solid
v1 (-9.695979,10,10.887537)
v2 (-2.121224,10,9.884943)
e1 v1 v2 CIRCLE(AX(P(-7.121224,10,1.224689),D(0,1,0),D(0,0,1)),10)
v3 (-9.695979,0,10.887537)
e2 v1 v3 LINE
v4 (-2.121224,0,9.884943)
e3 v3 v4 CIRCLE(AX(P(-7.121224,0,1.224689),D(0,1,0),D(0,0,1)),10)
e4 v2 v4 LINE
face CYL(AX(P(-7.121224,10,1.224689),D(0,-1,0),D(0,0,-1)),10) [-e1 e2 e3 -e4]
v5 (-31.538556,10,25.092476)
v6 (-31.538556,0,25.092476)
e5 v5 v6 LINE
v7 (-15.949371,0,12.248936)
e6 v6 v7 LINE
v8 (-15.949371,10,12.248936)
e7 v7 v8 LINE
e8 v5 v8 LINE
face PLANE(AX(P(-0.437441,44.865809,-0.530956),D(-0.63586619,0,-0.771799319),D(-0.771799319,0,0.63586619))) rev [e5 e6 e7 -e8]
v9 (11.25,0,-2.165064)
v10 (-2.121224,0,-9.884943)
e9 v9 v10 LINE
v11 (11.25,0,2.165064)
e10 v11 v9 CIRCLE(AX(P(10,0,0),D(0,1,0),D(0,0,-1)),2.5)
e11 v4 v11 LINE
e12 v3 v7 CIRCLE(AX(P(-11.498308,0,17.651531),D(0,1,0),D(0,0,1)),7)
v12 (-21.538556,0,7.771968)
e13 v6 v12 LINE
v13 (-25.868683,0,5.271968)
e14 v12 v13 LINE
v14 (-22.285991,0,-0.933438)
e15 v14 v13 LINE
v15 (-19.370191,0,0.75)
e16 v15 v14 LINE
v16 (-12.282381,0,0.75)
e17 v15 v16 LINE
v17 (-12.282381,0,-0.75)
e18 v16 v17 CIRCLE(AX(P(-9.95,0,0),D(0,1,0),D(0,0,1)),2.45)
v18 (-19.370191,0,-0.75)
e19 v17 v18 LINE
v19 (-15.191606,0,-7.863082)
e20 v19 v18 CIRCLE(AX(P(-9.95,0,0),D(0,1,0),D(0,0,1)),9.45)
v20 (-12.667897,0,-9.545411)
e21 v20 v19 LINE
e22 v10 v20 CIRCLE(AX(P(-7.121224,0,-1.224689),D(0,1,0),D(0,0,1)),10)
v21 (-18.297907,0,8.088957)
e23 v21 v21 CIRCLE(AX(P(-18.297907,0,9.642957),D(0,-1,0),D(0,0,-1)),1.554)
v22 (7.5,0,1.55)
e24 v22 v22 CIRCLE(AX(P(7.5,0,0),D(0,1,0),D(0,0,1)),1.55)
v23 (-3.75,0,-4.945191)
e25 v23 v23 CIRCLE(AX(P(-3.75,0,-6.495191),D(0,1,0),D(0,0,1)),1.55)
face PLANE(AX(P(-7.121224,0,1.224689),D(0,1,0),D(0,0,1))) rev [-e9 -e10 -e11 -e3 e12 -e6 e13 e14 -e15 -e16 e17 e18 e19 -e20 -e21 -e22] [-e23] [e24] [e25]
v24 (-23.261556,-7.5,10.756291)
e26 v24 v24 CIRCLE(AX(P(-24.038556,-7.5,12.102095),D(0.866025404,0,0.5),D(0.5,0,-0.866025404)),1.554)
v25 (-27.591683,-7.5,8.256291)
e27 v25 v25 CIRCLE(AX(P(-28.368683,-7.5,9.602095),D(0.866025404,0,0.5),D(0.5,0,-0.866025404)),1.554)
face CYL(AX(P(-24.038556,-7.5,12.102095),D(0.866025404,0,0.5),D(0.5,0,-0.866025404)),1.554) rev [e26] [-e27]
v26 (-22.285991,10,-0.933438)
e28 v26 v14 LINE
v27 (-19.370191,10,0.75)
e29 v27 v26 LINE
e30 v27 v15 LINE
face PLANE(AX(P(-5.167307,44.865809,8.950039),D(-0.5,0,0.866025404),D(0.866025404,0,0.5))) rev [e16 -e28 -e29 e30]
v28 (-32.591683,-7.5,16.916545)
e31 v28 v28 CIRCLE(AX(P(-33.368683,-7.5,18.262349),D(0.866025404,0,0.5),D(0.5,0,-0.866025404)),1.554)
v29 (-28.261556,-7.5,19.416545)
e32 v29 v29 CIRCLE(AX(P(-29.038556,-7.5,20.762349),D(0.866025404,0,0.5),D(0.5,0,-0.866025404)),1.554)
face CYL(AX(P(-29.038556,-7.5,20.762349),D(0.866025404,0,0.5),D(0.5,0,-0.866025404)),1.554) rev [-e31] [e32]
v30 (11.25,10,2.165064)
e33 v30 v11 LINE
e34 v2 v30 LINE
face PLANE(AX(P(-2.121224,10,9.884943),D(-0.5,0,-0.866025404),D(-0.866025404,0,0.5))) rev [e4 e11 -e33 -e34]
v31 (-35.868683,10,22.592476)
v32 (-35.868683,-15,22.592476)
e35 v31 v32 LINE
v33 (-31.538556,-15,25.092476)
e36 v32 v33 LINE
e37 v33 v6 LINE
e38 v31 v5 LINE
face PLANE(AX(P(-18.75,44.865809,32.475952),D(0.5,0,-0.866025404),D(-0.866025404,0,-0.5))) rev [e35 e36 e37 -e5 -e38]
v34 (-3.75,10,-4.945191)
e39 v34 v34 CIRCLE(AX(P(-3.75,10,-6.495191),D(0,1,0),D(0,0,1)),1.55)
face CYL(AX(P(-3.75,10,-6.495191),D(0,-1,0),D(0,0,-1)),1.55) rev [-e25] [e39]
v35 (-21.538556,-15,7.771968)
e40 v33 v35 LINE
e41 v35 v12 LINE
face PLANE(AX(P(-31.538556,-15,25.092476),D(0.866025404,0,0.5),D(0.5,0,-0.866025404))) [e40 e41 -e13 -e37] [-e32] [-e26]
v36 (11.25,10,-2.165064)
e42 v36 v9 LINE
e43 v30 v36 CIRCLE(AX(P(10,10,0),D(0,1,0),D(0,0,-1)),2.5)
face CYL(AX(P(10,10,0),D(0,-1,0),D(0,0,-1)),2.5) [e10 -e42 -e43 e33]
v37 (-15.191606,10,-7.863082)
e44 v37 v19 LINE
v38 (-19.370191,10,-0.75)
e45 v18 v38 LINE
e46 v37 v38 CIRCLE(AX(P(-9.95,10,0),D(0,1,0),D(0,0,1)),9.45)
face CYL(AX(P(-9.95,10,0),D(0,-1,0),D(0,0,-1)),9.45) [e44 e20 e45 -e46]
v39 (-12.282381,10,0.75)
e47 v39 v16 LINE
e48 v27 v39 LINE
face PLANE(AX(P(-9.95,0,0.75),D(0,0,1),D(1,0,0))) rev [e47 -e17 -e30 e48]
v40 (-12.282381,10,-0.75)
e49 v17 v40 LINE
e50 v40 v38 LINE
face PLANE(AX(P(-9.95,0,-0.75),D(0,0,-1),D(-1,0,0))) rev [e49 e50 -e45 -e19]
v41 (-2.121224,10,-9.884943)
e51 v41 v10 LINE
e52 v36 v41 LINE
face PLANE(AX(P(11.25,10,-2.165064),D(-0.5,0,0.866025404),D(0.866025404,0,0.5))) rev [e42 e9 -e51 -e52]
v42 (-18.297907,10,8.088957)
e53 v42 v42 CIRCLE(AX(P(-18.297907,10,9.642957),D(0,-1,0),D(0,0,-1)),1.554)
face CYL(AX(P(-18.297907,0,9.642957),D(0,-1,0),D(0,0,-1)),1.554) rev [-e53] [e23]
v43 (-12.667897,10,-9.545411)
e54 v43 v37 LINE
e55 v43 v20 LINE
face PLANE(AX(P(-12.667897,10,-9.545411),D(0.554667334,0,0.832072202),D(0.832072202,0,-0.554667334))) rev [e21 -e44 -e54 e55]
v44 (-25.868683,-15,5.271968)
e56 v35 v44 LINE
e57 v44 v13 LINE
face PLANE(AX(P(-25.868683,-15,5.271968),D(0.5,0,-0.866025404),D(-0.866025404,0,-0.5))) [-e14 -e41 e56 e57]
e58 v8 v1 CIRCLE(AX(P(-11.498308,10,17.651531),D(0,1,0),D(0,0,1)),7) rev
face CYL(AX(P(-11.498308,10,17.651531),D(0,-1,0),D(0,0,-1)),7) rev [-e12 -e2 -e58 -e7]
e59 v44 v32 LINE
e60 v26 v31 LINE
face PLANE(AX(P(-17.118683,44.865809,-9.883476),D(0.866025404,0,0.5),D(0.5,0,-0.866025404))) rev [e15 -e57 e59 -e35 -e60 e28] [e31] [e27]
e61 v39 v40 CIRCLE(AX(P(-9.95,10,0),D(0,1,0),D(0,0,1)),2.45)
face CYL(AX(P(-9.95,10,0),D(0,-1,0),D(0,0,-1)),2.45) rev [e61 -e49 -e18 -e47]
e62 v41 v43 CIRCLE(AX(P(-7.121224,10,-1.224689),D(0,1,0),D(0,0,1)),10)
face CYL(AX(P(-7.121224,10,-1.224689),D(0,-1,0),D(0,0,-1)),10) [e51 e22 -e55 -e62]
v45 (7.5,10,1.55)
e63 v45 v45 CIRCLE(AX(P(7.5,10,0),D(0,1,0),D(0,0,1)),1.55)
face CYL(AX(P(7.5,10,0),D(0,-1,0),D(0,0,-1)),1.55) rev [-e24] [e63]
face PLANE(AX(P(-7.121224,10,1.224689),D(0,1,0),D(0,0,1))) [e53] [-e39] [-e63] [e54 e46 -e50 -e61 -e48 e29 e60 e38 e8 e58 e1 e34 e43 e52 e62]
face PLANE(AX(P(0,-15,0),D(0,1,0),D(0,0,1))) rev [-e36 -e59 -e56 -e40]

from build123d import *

# Parameters (mm, degrees)
SKETCH1_R                       = 1.55
SKETCH1_R_2                     = 2.45
BOSS_EXTRUDE1_DEPTH             = 10
SKETCH2_W                       = 9.45
SKETCH2_H                       = 1.5
CUT_EXTRUDE1_DEPTH              = 25.542893997
BOSS_EXTRUDE3_DEPTH             = 10
BOSS_EXTRUDE4_DEPTH             = 15
F_3_0MM_CLEARANCE_DOWEL_HOLE2_D = 3.108
F_3_0MM_CLEARANCE_DOWEL_HOLE3_D = 3.108
FILLET2_R                       = 7


with BuildPart() as part:
    # Sketch1 → Boss-Extrude1 (new body)
    with BuildSketch(Plane(origin=(0, 0, 0), x_dir=(1, 0, 0), z_dir=(0, 1, 0))):
        with BuildLine():
            Line((11.25, 2.165063509), (-2.121223771, 9.884943153))
            ThreePointArc((-2.121223771, 9.884943153), (-7.442989886, 11.219511103), (-12.667897108, 9.545411133))
            Line((-12.667897108, 9.545411133), (-15.191606303, 7.863082307))
            ThreePointArc((-15.191606303, 7.863082307), (-19.4, 0), (-15.191606303, -7.863082307))
            Line((-15.191606303, -7.863082307), (-12.667897108, -9.545411133))
            ThreePointArc((-12.667897108, -9.545411133), (-7.442989886, -11.219511103), (-2.121223771, -9.884943153))
            Line((-2.121223771, -9.884943153), (11.25, -2.165063509))
            ThreePointArc((11.25, -2.165063509), (12.5, 0), (11.25, 2.165063509))
        make_face()
        with Locations(Location((7.5, 0, 0), (0, 0, 270))):
            Circle(SKETCH1_R, mode=Mode.SUBTRACT)
        with Locations(Location((-3.75, 6.495190528, 0), (0, 0, 270))):
            Circle(SKETCH1_R, mode=Mode.SUBTRACT)
        with Locations(Location((-9.95, 0, 0), (0, 0, 270))):
            Circle(SKETCH1_R_2, mode=Mode.SUBTRACT)
    extrude(amount=BOSS_EXTRUDE1_DEPTH)

    # Sketch2 → Cut-Extrude1 (cut, through all)
    with BuildSketch(Plane(origin=(0, 10, 0), x_dir=(1, 0, 0), z_dir=(0, 1, 0))):
        with Locations((-14.675, 0)):
            Rectangle(SKETCH2_W, SKETCH2_H)
    extrude(amount=-CUT_EXTRUDE1_DEPTH, mode=Mode.SUBTRACT)

    # Sketch3 → Boss-Extrude3 (add)
    with BuildSketch(Plane.XZ):
        with BuildLine():
            Line((-35.868683143, 22.59247598), (-22.285990587, -0.93343763))
            Line((-22.285990587, -0.93343763), (-19.370191081, 0.75))
            ThreePointArc((-19.370191081, 0.75), (-18.098070975, 4.786589536), (-15.191606303, 7.863082307))
            Line((-15.191606303, 7.863082307), (-12.667897108, 9.545411133))
            Line((-12.667897108, 9.545411133), (-31.538556124, 25.09247598))
            Line((-31.538556124, 25.09247598), (-35.868683143, 22.59247598))
        make_face()
    extrude(amount=-BOSS_EXTRUDE3_DEPTH)

    # Sketch4 → Boss-Extrude4 (add)
    with BuildSketch(Plane(origin=(0, 0, 0), x_dir=(1, 0, 0), z_dir=(0, 1, 0))):
        Polygon((-35.868683143, -22.59247598), (-25.868683143, -5.271967904), (-21.538556124, -7.771967904), (-31.538556124, -25.09247598), align=None)
    extrude(amount=-BOSS_EXTRUDE4_DEPTH)

    # Ø3.0mm Clearance Dowel Hole2 (through all)
    with Locations(Plane(origin=(-12.788556272, 0, -7.383476406), x_dir=(0.5000000000000013, 0, -0.8660254037844379), z_dir=(0.8660254037844379, 0, 0.5000000000000013))):
        with Locations((-22.499999704, -7.5), (-32.499999704, -7.5)):
            Hole(F_3_0MM_CLEARANCE_DOWEL_HOLE2_D / 2)

    # Ø3.0mm Clearance Dowel Hole3 (through all)
    with Locations(Plane(origin=(0, 0, 0), x_dir=(-1, 0, 0), z_dir=(0, -1, 0))):
        with Locations((18.297907491, -9.642957265)):
            Hole(F_3_0MM_CLEARANCE_DOWEL_HOLE3_D / 2)

    # Fillet2
    fillet2_edges = [part.edges().sort_by_distance(p)[0] for p in [
        (-12.667897108, 5, 9.545411133),
    ]]
    fillet(fillet2_edges, radius=FILLET2_R)


solid = part.part
